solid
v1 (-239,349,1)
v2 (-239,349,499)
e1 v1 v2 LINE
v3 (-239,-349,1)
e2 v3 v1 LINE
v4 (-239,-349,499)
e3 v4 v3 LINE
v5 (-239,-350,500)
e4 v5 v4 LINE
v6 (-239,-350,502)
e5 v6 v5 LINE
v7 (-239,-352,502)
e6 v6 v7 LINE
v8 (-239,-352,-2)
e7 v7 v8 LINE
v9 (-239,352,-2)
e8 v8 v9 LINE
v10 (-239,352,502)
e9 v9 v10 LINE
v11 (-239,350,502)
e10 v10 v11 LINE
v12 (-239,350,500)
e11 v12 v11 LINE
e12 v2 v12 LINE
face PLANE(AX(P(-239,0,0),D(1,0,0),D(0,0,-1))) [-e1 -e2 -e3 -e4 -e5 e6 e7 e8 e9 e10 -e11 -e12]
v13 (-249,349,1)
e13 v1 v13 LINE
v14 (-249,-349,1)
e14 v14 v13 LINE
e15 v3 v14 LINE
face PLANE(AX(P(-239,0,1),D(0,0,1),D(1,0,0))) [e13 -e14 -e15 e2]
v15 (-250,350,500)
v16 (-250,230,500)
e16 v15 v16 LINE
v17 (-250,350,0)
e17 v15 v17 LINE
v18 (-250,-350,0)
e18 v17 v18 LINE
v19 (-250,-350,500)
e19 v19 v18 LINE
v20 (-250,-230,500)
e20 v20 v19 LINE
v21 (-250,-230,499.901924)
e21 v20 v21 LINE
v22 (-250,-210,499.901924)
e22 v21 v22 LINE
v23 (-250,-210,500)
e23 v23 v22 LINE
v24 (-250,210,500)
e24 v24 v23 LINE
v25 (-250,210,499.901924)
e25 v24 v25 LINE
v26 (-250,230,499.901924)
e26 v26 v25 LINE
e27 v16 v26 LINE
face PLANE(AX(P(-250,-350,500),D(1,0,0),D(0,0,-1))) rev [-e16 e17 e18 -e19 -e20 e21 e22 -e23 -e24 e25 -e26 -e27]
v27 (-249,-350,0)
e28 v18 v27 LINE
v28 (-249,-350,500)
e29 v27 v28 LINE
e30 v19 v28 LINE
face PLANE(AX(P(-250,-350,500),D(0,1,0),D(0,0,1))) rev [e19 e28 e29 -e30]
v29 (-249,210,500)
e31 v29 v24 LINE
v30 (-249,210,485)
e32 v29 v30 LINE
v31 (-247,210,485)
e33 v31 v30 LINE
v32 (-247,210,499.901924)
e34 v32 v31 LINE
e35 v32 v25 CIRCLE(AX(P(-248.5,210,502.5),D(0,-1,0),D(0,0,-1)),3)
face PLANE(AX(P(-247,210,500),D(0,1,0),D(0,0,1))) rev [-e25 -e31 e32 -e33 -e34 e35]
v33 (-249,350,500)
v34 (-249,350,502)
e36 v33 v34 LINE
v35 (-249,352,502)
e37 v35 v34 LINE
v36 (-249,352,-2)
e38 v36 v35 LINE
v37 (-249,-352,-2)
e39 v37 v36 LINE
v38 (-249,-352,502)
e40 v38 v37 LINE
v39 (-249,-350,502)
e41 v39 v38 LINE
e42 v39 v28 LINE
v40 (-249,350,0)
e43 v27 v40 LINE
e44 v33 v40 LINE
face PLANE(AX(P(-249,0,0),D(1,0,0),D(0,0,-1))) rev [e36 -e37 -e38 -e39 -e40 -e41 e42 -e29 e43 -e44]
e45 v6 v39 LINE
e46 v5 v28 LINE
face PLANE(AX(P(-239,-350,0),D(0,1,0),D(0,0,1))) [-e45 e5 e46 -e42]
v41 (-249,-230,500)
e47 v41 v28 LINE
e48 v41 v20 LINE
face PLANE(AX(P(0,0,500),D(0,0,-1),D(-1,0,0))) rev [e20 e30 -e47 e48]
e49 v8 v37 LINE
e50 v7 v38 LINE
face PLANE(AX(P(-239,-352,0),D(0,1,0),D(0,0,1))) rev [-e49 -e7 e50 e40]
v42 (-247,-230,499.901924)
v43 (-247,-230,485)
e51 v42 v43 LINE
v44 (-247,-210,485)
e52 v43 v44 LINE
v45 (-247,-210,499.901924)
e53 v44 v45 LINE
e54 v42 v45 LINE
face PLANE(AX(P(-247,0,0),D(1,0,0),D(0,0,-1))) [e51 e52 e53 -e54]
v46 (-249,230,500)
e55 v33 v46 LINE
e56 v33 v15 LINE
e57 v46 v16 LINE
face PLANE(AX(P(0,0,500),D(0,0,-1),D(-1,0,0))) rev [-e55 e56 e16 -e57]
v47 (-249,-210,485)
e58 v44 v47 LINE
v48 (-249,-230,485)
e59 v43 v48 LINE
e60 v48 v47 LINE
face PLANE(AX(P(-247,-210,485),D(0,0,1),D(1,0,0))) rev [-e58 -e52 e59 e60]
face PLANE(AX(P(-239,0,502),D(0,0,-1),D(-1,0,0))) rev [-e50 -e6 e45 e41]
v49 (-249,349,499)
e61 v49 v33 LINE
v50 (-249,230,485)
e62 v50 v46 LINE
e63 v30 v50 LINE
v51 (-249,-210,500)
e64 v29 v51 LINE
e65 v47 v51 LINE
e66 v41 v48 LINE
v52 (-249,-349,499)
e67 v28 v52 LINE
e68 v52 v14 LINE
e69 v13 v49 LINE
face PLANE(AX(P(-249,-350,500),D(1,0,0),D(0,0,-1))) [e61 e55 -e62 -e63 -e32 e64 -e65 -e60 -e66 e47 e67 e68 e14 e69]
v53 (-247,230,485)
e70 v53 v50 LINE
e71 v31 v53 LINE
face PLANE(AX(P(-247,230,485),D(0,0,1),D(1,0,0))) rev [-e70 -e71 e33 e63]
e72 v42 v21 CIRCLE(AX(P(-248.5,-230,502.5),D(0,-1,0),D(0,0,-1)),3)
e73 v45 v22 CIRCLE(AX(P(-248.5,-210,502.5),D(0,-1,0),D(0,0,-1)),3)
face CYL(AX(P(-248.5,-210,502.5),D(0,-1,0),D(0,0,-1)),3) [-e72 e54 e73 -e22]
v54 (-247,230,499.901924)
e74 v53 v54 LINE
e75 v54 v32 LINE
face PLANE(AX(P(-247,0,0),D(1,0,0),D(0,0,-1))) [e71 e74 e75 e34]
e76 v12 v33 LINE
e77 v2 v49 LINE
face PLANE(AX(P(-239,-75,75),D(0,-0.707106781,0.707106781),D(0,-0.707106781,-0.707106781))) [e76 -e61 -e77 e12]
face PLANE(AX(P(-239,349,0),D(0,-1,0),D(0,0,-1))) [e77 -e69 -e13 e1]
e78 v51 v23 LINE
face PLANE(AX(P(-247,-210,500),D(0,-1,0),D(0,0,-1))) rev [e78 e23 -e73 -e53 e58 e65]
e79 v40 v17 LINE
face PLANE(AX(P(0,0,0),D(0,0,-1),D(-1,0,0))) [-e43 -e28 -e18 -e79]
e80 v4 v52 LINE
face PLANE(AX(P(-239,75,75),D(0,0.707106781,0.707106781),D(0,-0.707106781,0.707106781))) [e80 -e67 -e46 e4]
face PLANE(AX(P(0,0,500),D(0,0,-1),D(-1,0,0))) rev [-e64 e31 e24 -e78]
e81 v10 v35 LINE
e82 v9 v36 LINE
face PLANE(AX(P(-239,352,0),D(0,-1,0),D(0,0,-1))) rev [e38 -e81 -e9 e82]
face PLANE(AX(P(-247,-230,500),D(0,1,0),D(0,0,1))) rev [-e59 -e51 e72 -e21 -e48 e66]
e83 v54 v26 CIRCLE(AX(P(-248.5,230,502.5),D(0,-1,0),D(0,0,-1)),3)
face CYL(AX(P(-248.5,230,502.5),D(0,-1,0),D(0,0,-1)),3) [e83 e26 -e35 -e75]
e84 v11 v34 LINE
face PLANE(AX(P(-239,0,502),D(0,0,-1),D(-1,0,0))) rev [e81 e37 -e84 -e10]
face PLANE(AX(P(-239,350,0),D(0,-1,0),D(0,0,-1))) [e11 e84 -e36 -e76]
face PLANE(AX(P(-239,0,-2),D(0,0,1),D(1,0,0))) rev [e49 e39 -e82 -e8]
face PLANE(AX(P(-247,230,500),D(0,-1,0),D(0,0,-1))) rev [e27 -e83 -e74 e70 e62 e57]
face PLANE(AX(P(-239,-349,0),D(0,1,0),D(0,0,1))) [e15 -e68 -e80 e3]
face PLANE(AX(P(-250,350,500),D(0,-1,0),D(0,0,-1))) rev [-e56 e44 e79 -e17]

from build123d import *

# Parameters (mm, degrees)
CROQUIS1_W              = 500
CROQUIS1_H              = 700
SALIENTE_EXTRUIR1_DEPTH = 500
VACIADO1_T              = -1
CROQUIS2_W              = 15
CROQUIS2_H              = 20
SALIENTE_EXTRUIR2_DEPTH = 2
SALIENTE_EXTRUIR3_START = -20
CROQUIS3_R              = 3
SALIENTE_EXTRUIR3_DEPTH = 20
SALIENTE_EXTRUIR4_START = -20
SALIENTE_EXTRUIR4_DEPTH = 20
CORTAR_EXTRUIR1_DEPTH   = 792.853048236
CROQUIS6_R              = 797.844751534
CORTAR_EXTRUIR2_DEPTH   = 50
CROQUIS7_W              = 449
CROQUIS7_H              = 499
CORTAR_EXTRUIR3_DEPTH   = 50
CROQUIS8_W              = 449
CROQUIS8_H              = 699
CORTAR_EXTRUIR4_DEPTH   = 50
CROQUIS9_W              = 449
CROQUIS9_H              = 500
CORTAR_EXTRUIR5_DEPTH   = 50
SALIENTE_EXTRUIR5_DEPTH = 10


with BuildPart() as part:
    # Croquis1 → Saliente-Extruir1 (new body)
    with BuildSketch(Plane.XY):
        Rectangle(CROQUIS1_W, CROQUIS1_H)
    extrude(amount=SALIENTE_EXTRUIR1_DEPTH)

    # Vaciado1
    vaciado1_openings = [part.faces().sort_by_distance(p)[0] for p in [
        (0, 0, 500),
    ]]
    offset(amount=VACIADO1_T, openings=vaciado1_openings, kind=Kind.INTERSECTION)

    # Croquis2 → Saliente-Extruir2 (add)
    with BuildSketch(Plane(origin=(-249, 0, 0), x_dir=(0, 0, -1), z_dir=(1, 0, 0))):
        with Locations((-492.5, 220)):
            Rectangle(CROQUIS2_W, CROQUIS2_H)
        with Locations((-492.5, -220)):
            Rectangle(CROQUIS2_W, CROQUIS2_H)
    extrude(amount=SALIENTE_EXTRUIR2_DEPTH)

    # Croquis3 → Saliente-Extruir3 (add)
    with BuildSketch(Plane.XZ.offset(230).offset(SALIENTE_EXTRUIR3_START)):
        with Locations((-248.5, 502.5)):
            Circle(CROQUIS3_R)
    extrude(amount=SALIENTE_EXTRUIR3_DEPTH)

    # Croquis4 → Saliente-Extruir4 (add)
    with BuildSketch(Plane.XZ.offset(-210).offset(SALIENTE_EXTRUIR4_START)):
        with BuildLine():
            Line((-250, 499.901923789), (-247, 499.901923789))
            ThreePointArc((-247, 499.901923789), (-248.5, 505.5), (-250, 499.901923789))
        make_face()
    extrude(amount=SALIENTE_EXTRUIR4_DEPTH)

    # Croquis5 → Cortar-Extruir1 (cut, through all)
    with BuildSketch(Plane(origin=(-249, 0, 0), x_dir=(0, 0, -1), z_dir=(1, 0, 0))):
        Polygon((-485, -210), (-485, -230), (-500, -230), (-500, -349), (-1, -349), (-1, 349), (-500, 349), (-500, 230), (-485, 230), (-485, 210), (-500, 210), (-500, -210), align=None)
    extrude(amount=CORTAR_EXTRUIR1_DEPTH, mode=Mode.SUBTRACT)


with BuildPart() as cortar_extruir1_piece_1:
    # of the separate pieces the step leaves, piece 1, a body of its own (cortar_extruir1_pieces)
    add(part.part.solids().sort_by_distance((-250, -350, 0))[0])


with BuildPart() as cortar_extruir1_piece_2:
    # of the separate pieces the step leaves, piece 2, a body of its own (cortar_extruir1_pieces)
    add(part.part.solids().sort_by_distance((250, 210, 500))[0])


with BuildPart() as cortar_extruir1_piece_3:
    # of the separate pieces the step leaves, piece 3, a body of its own (cortar_extruir1_pieces)
    add(part.part.solids().sort_by_distance((250, -230, 485))[0])


with BuildPart() as cortar_extruir2_tool:
    # Croquis6 → Cortar-Extruir2 (new body)
    with BuildSketch(Plane(origin=(250, 0, 0), x_dir=(0, 0, -1), z_dir=(1, 0, 0))):
        with Locations((-1, 0)):
            Circle(CROQUIS6_R)
    extrude(amount=-CORTAR_EXTRUIR2_DEPTH)


with BuildPart() as cortar_extruir1_piece_1_1:
    add(cortar_extruir1_piece_1.part)

    # Cortar-Extruir2: cut by cortar_extruir2_tool
    add(cortar_extruir2_tool.part, mode=Mode.SUBTRACT)

    # Croquis7 → Cortar-Extruir3 (cut)
    with BuildSketch(Plane(origin=(0, -349, 0), x_dir=(1, 0, 0), z_dir=(0, 1, 0))):
        with Locations((-24.5, -250.5)):
            Rectangle(CROQUIS7_W, CROQUIS7_H)
    extrude(amount=-CORTAR_EXTRUIR3_DEPTH, mode=Mode.SUBTRACT)

    # Croquis8 → Cortar-Extruir4 (cut)
    with BuildSketch(Plane.XY.offset(1)):
        with Locations((-24.5, -0.5)):
            Rectangle(CROQUIS8_W, CROQUIS8_H)
    extrude(amount=-CORTAR_EXTRUIR4_DEPTH, mode=Mode.SUBTRACT)

    # Croquis9 → Cortar-Extruir5 (cut)
    with BuildSketch(Plane.XZ.offset(-349)):
        with Locations((-24.5, 250)):
            Rectangle(CROQUIS9_W, CROQUIS9_H)
    extrude(amount=-CORTAR_EXTRUIR5_DEPTH, mode=Mode.SUBTRACT)

    # Croquis10 → Saliente-Extruir5 (add)
    with BuildSketch(Plane(origin=(-249, 0, 0), x_dir=(0, 0, -1), z_dir=(1, 0, 0))):
        Polygon((2, -352), (2, 352), (-502, 352), (-502, 350), (-500, 350), (-499, 349), (-1, 349), (-1, -349), (-499, -349), (-500, -350), (-502, -350), (-502, -352), align=None)
    extrude(amount=SALIENTE_EXTRUIR5_DEPTH)


with BuildPart() as cortar_extruir1_piece_2_1:
    add(cortar_extruir1_piece_2.part)

    # Cortar-Extruir2: cut by cortar_extruir2_tool
    add(cortar_extruir2_tool.part, mode=Mode.SUBTRACT)


with BuildPart() as cortar_extruir1_piece_3_1:
    add(cortar_extruir1_piece_3.part)

    # Cortar-Extruir2: cut by cortar_extruir2_tool
    add(cortar_extruir2_tool.part, mode=Mode.SUBTRACT)


solid = cortar_extruir1_piece_1_1.part
